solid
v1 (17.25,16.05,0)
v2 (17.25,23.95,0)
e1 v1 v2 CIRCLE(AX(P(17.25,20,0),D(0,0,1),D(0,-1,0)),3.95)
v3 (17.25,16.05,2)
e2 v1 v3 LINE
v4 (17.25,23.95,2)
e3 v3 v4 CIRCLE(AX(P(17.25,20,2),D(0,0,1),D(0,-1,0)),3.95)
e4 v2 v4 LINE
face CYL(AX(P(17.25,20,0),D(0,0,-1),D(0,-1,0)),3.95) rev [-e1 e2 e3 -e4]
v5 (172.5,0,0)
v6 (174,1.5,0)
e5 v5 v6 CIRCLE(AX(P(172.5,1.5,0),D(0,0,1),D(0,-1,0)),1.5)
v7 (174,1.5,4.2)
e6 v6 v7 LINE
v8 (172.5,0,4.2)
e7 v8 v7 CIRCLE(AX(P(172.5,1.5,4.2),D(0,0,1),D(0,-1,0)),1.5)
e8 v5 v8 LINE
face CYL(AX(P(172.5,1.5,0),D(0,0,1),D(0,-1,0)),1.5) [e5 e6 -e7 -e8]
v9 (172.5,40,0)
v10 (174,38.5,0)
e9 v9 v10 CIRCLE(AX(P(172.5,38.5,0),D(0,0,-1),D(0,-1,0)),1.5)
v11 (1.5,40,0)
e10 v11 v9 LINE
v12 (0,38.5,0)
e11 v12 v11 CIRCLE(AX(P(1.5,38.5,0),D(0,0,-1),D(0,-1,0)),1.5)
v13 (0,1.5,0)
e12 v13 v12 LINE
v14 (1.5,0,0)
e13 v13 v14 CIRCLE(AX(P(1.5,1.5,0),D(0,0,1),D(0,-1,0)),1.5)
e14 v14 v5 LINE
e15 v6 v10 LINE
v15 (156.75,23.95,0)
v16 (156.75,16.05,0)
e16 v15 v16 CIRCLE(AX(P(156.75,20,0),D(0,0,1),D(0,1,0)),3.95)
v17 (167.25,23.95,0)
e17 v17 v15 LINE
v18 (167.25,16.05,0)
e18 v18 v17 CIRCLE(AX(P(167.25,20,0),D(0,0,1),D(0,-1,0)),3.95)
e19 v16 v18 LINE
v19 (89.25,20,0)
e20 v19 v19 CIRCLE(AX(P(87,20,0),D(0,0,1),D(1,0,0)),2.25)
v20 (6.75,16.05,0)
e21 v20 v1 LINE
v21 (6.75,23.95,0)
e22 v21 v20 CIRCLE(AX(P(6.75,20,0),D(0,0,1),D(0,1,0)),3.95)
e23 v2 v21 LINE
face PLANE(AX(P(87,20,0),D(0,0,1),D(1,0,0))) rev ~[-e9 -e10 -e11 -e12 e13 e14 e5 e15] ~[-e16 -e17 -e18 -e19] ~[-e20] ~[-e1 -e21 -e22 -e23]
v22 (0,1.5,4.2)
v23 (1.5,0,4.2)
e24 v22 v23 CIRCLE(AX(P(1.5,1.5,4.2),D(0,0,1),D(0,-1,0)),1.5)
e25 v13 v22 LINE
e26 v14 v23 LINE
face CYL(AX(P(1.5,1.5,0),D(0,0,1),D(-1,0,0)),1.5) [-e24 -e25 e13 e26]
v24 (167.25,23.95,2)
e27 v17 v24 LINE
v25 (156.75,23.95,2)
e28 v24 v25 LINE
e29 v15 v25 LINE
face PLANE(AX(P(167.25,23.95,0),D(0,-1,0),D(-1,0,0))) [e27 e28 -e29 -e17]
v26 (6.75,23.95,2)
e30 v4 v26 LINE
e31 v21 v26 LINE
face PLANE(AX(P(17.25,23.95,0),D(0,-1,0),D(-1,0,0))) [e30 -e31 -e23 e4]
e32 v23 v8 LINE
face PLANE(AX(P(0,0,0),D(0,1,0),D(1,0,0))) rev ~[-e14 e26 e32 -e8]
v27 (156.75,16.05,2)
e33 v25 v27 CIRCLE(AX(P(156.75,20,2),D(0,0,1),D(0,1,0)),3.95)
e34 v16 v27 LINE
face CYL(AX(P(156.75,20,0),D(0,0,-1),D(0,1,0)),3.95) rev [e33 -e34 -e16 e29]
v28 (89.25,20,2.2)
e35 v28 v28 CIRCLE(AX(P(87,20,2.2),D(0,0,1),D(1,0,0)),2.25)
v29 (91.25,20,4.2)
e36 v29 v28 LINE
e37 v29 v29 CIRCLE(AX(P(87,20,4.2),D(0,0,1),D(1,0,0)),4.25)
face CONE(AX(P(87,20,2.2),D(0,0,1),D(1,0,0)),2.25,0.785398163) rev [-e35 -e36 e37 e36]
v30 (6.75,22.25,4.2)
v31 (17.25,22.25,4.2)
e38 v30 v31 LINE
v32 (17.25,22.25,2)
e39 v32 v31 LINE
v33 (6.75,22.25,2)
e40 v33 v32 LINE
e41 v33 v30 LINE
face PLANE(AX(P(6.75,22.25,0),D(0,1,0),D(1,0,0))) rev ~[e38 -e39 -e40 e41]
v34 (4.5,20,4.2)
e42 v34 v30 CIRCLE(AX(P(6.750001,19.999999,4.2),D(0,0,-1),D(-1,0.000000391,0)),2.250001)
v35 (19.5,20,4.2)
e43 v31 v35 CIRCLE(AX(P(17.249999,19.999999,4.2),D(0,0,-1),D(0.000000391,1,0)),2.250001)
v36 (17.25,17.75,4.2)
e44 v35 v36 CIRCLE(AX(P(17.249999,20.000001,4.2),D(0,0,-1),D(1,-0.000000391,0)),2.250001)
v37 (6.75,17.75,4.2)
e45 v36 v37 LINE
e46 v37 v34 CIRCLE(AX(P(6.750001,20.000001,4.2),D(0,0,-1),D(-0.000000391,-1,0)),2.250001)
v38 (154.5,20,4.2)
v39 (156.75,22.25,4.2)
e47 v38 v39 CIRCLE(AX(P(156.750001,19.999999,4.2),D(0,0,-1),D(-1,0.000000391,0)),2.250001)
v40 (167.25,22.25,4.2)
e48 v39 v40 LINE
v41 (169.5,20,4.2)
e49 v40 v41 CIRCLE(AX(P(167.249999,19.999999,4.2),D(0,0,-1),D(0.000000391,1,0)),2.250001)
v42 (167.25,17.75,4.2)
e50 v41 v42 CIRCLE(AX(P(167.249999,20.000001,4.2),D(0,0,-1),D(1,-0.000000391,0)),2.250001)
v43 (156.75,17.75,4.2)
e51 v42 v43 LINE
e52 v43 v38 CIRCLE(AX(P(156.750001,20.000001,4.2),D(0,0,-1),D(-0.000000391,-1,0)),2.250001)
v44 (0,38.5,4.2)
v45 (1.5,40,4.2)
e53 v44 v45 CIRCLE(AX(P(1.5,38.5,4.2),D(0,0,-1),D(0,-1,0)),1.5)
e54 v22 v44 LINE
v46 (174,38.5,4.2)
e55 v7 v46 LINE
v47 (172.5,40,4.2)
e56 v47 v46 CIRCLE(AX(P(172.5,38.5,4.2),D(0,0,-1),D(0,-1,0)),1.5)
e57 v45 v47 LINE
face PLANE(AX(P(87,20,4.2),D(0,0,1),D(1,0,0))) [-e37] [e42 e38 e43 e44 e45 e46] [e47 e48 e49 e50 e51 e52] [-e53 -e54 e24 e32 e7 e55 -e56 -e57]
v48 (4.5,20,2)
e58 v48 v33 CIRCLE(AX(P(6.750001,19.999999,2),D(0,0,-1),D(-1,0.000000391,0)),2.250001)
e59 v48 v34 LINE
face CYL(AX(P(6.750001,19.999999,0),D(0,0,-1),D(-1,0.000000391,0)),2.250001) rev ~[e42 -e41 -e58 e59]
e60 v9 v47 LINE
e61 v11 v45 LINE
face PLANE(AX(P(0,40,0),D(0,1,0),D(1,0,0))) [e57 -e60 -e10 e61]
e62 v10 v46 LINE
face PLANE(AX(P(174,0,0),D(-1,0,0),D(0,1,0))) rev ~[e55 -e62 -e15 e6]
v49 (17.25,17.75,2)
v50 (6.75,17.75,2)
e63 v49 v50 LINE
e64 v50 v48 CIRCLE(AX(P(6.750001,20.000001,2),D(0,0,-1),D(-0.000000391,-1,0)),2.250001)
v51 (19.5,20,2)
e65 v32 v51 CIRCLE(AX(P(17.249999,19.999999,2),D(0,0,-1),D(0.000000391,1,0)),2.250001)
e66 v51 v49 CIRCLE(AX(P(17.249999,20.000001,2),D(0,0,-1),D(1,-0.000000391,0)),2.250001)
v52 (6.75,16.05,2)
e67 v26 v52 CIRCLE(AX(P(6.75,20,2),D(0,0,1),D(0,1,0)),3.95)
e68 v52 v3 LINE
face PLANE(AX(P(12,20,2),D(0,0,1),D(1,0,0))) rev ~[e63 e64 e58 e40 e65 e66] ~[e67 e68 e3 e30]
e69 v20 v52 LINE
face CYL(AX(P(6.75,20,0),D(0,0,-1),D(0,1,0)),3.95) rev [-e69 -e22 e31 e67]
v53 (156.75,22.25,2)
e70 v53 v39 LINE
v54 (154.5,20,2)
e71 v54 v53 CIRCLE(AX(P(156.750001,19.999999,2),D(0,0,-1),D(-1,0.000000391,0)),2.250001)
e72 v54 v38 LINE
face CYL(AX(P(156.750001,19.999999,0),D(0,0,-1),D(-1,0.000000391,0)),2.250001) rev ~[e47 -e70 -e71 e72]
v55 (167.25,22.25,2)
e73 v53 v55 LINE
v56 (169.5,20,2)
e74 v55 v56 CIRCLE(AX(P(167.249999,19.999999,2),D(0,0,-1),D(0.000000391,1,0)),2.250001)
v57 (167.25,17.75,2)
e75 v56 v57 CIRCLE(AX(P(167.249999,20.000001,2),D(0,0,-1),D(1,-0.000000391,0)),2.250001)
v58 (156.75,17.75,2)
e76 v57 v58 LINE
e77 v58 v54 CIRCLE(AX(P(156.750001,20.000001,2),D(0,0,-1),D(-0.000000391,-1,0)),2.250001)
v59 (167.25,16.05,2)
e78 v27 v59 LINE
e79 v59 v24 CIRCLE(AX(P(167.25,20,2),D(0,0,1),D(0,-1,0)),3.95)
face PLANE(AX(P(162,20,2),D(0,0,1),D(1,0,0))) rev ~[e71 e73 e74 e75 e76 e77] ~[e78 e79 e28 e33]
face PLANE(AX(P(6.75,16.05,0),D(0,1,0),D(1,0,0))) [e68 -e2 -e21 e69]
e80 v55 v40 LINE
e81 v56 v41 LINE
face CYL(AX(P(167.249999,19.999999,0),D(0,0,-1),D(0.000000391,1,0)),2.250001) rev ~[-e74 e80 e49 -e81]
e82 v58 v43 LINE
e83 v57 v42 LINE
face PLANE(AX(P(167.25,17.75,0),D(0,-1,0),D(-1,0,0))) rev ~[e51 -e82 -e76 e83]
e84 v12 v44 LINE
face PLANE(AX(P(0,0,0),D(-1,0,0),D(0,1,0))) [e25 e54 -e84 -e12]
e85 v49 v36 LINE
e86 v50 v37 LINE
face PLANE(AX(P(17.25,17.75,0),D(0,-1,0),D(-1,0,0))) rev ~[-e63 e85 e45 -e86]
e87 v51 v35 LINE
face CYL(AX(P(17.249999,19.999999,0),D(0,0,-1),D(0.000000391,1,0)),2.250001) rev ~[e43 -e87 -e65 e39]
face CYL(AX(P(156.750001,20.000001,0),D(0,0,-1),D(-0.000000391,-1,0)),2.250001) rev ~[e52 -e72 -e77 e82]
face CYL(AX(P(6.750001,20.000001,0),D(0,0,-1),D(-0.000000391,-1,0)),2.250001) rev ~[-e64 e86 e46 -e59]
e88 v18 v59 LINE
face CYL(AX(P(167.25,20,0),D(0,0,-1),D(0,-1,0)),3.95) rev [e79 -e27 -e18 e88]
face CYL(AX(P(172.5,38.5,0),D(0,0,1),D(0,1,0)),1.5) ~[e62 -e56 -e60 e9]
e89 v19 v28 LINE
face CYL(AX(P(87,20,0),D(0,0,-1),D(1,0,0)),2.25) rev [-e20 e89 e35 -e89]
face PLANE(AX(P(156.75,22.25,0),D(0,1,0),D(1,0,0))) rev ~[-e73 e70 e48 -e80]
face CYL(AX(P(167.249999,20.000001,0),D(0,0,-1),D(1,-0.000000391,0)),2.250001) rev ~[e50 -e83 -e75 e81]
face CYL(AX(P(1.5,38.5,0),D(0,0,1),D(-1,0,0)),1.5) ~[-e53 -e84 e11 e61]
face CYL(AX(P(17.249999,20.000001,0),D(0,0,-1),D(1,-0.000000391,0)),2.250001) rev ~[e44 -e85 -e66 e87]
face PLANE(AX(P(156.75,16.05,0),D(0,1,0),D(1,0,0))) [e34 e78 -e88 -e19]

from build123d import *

# Parameters (mm, degrees)
F0_W     = 174
F0_H     = 40
F0_R     = 2.25
F1_DEPTH = 4.2
F3_DEPTH = 2
F4_SIZE  = 2
F5_R     = 1.5


with BuildPart() as f1:
    # F0 (on Top) → F1 (new body)
    with BuildSketch(Plane.XY):
        with Locations((87, 20)):
            Rectangle(F0_W, F0_H)
        with BuildLine():
            ThreePointArc((4.5, 20), (5.15901, 21.59099), (6.75, 22.25))
            Line((6.75, 22.25), (17.25, 22.25))
            ThreePointArc((17.25, 22.25), (18.84099, 21.59099), (19.5, 20))
            ThreePointArc((19.5, 20), (18.84099, 18.40901), (17.25, 17.75))
            Line((17.25, 17.75), (6.75, 17.75))
            ThreePointArc((6.75, 17.75), (5.15901, 18.40901), (4.5, 20))
        make_face(mode=Mode.SUBTRACT)
        with Locations((87, 20)):
            Circle(F0_R, mode=Mode.SUBTRACT)
        with BuildLine():
            Line((156.75, 22.25), (167.25, 22.25))
            ThreePointArc((167.25, 22.25), (168.84099, 21.59099), (169.5, 20))
            ThreePointArc((169.5, 20), (168.84099, 18.40901), (167.25, 17.75))
            Line((167.25, 17.75), (156.75, 17.75))
            ThreePointArc((156.75, 17.75), (155.15901, 18.40901), (154.5, 20))
            ThreePointArc((154.5, 20), (155.15901, 21.59099), (156.75, 22.25))
        make_face(mode=Mode.SUBTRACT)
    extrude(amount=F1_DEPTH)

    # F2 (on Top) → F3 (cut)
    with BuildSketch(Plane.XY):
        with BuildLine():
            ThreePointArc((6.75, 23.95), (2.8, 20), (6.75, 16.05))
            Line((6.75, 16.05), (17.25, 16.05))
            ThreePointArc((17.25, 16.05), (21.2, 20), (17.25, 23.95))
            Line((17.25, 23.95), (6.75, 23.95))
        make_face()
        with BuildLine():
            Line((156.75, 16.05), (167.25, 16.05))
            ThreePointArc((167.25, 16.05), (171.2, 20), (167.25, 23.95))
            Line((167.25, 23.95), (156.75, 23.95))
            ThreePointArc((156.75, 23.95), (152.8, 20), (156.75, 16.05))
        make_face()
    extrude(amount=F3_DEPTH, mode=Mode.SUBTRACT)

    # F4
    f4_edges = [f1.edges().sort_by_distance(p)[0] for p in [
        (84.75, 20, 4.2),
    ]]
    chamfer(f4_edges, length=F4_SIZE)

    # F5
    f5_edges = [f1.edges().sort_by_distance(p)[0] for p in [
        (174, 0, 2.1),
        (174, 40, 2.1),
        (0, 40, 2.1),
        (0, 0, 2.1),
    ]]
    fillet(f5_edges, radius=F5_R)


solid = f1.part
